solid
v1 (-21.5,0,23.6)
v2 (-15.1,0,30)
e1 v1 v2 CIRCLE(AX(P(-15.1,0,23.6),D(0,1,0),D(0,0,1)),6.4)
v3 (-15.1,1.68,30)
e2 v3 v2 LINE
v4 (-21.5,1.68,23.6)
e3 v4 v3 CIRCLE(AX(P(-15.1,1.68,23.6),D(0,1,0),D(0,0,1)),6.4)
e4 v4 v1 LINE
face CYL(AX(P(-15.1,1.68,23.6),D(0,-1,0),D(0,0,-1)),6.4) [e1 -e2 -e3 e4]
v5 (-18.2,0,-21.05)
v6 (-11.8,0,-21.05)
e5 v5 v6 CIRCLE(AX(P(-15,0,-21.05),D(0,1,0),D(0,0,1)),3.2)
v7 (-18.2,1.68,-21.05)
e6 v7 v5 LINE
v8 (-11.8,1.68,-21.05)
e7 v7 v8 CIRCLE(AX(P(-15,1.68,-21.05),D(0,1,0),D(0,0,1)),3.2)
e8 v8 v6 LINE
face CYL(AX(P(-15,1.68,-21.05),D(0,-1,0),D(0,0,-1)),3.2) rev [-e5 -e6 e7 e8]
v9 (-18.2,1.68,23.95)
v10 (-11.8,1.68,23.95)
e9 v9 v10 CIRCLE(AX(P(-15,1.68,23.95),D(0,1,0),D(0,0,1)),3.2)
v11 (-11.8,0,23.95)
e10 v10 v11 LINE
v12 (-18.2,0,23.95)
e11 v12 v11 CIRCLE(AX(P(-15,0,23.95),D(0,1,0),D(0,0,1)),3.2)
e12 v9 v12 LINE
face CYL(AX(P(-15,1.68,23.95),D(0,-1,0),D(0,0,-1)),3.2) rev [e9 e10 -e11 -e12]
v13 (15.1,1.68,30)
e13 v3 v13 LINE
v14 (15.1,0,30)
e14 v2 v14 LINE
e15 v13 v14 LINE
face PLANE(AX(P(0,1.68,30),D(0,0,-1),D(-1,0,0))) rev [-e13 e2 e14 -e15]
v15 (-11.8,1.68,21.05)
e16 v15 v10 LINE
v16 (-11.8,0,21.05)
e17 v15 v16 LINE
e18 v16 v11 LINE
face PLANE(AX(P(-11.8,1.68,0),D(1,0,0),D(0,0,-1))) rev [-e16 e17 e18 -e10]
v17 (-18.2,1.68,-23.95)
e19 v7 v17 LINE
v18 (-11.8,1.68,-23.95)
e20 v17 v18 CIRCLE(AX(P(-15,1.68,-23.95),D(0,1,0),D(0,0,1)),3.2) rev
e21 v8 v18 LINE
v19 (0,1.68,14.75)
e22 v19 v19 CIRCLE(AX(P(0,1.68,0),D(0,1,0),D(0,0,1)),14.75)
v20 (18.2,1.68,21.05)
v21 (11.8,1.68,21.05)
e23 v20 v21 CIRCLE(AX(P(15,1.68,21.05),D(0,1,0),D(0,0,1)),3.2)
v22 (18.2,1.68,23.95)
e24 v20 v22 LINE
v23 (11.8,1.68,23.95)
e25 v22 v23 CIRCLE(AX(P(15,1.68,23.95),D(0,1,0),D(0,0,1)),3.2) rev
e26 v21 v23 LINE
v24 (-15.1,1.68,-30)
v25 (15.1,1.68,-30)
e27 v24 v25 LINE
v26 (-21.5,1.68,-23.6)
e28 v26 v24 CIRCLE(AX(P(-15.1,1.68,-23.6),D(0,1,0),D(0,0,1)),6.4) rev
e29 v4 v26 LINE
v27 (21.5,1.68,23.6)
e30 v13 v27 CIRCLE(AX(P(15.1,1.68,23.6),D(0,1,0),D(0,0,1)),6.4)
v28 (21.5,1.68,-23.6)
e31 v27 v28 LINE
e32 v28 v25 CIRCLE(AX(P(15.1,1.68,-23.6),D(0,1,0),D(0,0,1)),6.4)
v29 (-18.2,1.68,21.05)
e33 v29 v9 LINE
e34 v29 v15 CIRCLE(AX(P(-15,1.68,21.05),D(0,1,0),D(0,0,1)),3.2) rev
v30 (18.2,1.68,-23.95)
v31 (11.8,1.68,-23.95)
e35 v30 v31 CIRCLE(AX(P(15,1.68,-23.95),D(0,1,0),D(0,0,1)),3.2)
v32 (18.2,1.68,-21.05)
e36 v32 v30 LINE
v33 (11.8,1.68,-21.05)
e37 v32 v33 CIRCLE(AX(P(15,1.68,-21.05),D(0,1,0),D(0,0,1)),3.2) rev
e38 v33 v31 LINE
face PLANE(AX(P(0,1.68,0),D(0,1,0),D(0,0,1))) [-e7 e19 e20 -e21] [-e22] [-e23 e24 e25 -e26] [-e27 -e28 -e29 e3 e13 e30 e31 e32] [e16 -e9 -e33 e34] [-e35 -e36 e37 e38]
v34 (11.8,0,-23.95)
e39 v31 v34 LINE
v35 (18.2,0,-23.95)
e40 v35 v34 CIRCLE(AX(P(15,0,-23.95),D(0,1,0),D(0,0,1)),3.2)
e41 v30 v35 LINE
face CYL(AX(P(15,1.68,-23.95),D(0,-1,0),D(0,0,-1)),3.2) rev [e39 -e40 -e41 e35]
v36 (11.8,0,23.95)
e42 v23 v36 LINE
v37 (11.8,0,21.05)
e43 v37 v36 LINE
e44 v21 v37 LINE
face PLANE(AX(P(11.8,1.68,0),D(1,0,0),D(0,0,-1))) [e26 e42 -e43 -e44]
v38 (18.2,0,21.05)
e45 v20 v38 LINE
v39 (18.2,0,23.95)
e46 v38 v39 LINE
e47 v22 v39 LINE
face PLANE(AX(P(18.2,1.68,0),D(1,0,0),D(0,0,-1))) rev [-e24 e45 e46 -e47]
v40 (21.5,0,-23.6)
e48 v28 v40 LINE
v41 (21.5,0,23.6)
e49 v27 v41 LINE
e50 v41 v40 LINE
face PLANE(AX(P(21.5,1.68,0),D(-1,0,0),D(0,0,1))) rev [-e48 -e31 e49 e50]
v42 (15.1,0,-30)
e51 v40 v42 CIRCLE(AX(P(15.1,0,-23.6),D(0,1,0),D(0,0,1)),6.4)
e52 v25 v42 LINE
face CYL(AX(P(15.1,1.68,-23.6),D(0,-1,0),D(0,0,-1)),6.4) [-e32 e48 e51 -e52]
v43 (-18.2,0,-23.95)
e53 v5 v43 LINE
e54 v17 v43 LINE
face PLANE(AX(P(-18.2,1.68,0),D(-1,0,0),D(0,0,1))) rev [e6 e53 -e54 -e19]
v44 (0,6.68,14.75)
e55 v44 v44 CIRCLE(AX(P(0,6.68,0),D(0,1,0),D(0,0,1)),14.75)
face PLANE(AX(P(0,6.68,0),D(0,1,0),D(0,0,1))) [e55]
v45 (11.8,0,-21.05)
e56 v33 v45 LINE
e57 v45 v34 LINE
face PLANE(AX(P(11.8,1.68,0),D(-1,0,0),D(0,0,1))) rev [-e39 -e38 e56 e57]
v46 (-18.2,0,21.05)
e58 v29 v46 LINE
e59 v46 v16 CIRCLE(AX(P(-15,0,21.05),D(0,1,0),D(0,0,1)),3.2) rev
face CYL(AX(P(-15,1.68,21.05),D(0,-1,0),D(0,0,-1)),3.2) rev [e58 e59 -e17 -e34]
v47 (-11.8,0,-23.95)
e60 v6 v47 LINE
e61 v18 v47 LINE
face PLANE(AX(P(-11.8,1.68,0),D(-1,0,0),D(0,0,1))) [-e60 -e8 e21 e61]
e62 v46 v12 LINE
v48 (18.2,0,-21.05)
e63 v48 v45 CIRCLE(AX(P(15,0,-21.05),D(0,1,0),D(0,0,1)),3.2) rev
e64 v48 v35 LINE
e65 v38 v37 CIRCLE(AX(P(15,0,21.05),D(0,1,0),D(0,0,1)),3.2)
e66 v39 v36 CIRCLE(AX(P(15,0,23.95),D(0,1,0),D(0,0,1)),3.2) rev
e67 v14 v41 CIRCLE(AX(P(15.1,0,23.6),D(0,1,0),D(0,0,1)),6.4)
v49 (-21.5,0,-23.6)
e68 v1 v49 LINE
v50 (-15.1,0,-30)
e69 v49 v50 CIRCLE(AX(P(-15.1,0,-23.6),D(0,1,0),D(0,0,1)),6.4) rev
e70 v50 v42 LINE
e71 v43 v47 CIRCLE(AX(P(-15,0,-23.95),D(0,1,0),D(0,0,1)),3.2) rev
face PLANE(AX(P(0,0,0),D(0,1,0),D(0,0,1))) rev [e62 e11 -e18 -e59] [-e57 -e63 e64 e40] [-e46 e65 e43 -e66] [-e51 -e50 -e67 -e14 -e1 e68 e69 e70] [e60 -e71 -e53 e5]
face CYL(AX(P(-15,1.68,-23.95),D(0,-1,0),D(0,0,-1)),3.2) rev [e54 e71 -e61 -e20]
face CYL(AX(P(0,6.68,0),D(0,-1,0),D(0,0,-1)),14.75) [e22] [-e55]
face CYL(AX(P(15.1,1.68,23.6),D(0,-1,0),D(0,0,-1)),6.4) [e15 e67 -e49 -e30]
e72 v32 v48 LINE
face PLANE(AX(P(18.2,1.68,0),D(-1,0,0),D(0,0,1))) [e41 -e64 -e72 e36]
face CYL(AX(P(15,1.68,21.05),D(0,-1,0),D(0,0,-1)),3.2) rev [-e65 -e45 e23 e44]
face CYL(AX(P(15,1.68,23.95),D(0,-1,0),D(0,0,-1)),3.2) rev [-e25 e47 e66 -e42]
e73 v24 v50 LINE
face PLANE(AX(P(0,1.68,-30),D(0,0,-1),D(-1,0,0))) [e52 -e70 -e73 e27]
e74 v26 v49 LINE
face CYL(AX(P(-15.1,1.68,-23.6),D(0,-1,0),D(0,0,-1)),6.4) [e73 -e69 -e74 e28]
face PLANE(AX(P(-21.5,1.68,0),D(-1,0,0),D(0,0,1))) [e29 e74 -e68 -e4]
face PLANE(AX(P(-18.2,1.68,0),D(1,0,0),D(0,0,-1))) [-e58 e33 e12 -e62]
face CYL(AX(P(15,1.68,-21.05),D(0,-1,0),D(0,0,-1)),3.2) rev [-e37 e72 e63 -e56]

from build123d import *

# Parameters (mm, degrees)
EXTRUDE_1_DEPTH = 1.68
SKETCH_2_R      = 14.75
EXTRUDE_3_DEPTH = 5


with BuildPart() as part:
    # 草图1 → 凸台-拉伸1 (new body)
    with BuildSketch(Plane(origin=(0, 0, 0), x_dir=(1, 0, 0), z_dir=(0, 1, 0))):
        with BuildLine():
            ThreePointArc((-21.5, 23.6), (-19.6254834, 28.1254834), (-15.1, 30))
            Line((-15.1, 30), (15.1, 30))
            ThreePointArc((15.1, 30), (19.6254834, 28.1254834), (21.5, 23.6))
            Line((21.5, 23.6), (21.5, -23.6))
            ThreePointArc((21.5, -23.6), (19.6254834, -28.1254834), (15.1, -30))
            Line((15.1, -30), (-15.1, -30))
            ThreePointArc((-15.1, -30), (-19.6254834, -28.1254834), (-21.5, -23.6))
            Line((-21.5, -23.6), (-21.5, 23.6))
        make_face()
        with BuildLine():
            ThreePointArc((-18.2, -23.95), (-15, -27.15), (-11.8, -23.95))
            Line((-11.8, -23.95), (-11.8, -21.05))
            ThreePointArc((-11.8, -21.05), (-15, -17.85), (-18.2, -21.05))
            Line((-18.2, -21.05), (-18.2, -23.95))
        make_face(mode=Mode.SUBTRACT)
        with BuildLine():
            ThreePointArc((18.2, -21.05), (15, -17.85), (11.8, -21.05))
            Line((11.8, -21.05), (11.8, -23.95))
            ThreePointArc((11.8, -23.95), (15, -27.15), (18.2, -23.95))
            Line((18.2, -23.95), (18.2, -21.05))
        make_face(mode=Mode.SUBTRACT)
        with BuildLine():
            ThreePointArc((18.2, 23.95), (15, 27.15), (11.8, 23.95))
            Line((11.8, 23.95), (11.8, 21.05))
            ThreePointArc((11.8, 21.05), (15, 17.85), (18.2, 21.05))
            Line((18.2, 21.05), (18.2, 23.95))
        make_face(mode=Mode.SUBTRACT)
        with BuildLine():
            ThreePointArc((-18.2, 21.05), (-15, 17.85), (-11.8, 21.05))
            Line((-11.8, 21.05), (-11.8, 23.95))
            ThreePointArc((-11.8, 23.95), (-15, 27.15), (-18.2, 23.95))
            Line((-18.2, 23.95), (-18.2, 21.05))
        make_face(mode=Mode.SUBTRACT)
    extrude(amount=EXTRUDE_1_DEPTH)

    # 草图2 → 凸台-拉伸3 (add)
    with BuildSketch(Plane(origin=(0, 1.68, 0), x_dir=(1, 0, 0), z_dir=(0, 1, 0))):
        Circle(SKETCH_2_R)
    extrude(amount=EXTRUDE_3_DEPTH)


solid = part.part
